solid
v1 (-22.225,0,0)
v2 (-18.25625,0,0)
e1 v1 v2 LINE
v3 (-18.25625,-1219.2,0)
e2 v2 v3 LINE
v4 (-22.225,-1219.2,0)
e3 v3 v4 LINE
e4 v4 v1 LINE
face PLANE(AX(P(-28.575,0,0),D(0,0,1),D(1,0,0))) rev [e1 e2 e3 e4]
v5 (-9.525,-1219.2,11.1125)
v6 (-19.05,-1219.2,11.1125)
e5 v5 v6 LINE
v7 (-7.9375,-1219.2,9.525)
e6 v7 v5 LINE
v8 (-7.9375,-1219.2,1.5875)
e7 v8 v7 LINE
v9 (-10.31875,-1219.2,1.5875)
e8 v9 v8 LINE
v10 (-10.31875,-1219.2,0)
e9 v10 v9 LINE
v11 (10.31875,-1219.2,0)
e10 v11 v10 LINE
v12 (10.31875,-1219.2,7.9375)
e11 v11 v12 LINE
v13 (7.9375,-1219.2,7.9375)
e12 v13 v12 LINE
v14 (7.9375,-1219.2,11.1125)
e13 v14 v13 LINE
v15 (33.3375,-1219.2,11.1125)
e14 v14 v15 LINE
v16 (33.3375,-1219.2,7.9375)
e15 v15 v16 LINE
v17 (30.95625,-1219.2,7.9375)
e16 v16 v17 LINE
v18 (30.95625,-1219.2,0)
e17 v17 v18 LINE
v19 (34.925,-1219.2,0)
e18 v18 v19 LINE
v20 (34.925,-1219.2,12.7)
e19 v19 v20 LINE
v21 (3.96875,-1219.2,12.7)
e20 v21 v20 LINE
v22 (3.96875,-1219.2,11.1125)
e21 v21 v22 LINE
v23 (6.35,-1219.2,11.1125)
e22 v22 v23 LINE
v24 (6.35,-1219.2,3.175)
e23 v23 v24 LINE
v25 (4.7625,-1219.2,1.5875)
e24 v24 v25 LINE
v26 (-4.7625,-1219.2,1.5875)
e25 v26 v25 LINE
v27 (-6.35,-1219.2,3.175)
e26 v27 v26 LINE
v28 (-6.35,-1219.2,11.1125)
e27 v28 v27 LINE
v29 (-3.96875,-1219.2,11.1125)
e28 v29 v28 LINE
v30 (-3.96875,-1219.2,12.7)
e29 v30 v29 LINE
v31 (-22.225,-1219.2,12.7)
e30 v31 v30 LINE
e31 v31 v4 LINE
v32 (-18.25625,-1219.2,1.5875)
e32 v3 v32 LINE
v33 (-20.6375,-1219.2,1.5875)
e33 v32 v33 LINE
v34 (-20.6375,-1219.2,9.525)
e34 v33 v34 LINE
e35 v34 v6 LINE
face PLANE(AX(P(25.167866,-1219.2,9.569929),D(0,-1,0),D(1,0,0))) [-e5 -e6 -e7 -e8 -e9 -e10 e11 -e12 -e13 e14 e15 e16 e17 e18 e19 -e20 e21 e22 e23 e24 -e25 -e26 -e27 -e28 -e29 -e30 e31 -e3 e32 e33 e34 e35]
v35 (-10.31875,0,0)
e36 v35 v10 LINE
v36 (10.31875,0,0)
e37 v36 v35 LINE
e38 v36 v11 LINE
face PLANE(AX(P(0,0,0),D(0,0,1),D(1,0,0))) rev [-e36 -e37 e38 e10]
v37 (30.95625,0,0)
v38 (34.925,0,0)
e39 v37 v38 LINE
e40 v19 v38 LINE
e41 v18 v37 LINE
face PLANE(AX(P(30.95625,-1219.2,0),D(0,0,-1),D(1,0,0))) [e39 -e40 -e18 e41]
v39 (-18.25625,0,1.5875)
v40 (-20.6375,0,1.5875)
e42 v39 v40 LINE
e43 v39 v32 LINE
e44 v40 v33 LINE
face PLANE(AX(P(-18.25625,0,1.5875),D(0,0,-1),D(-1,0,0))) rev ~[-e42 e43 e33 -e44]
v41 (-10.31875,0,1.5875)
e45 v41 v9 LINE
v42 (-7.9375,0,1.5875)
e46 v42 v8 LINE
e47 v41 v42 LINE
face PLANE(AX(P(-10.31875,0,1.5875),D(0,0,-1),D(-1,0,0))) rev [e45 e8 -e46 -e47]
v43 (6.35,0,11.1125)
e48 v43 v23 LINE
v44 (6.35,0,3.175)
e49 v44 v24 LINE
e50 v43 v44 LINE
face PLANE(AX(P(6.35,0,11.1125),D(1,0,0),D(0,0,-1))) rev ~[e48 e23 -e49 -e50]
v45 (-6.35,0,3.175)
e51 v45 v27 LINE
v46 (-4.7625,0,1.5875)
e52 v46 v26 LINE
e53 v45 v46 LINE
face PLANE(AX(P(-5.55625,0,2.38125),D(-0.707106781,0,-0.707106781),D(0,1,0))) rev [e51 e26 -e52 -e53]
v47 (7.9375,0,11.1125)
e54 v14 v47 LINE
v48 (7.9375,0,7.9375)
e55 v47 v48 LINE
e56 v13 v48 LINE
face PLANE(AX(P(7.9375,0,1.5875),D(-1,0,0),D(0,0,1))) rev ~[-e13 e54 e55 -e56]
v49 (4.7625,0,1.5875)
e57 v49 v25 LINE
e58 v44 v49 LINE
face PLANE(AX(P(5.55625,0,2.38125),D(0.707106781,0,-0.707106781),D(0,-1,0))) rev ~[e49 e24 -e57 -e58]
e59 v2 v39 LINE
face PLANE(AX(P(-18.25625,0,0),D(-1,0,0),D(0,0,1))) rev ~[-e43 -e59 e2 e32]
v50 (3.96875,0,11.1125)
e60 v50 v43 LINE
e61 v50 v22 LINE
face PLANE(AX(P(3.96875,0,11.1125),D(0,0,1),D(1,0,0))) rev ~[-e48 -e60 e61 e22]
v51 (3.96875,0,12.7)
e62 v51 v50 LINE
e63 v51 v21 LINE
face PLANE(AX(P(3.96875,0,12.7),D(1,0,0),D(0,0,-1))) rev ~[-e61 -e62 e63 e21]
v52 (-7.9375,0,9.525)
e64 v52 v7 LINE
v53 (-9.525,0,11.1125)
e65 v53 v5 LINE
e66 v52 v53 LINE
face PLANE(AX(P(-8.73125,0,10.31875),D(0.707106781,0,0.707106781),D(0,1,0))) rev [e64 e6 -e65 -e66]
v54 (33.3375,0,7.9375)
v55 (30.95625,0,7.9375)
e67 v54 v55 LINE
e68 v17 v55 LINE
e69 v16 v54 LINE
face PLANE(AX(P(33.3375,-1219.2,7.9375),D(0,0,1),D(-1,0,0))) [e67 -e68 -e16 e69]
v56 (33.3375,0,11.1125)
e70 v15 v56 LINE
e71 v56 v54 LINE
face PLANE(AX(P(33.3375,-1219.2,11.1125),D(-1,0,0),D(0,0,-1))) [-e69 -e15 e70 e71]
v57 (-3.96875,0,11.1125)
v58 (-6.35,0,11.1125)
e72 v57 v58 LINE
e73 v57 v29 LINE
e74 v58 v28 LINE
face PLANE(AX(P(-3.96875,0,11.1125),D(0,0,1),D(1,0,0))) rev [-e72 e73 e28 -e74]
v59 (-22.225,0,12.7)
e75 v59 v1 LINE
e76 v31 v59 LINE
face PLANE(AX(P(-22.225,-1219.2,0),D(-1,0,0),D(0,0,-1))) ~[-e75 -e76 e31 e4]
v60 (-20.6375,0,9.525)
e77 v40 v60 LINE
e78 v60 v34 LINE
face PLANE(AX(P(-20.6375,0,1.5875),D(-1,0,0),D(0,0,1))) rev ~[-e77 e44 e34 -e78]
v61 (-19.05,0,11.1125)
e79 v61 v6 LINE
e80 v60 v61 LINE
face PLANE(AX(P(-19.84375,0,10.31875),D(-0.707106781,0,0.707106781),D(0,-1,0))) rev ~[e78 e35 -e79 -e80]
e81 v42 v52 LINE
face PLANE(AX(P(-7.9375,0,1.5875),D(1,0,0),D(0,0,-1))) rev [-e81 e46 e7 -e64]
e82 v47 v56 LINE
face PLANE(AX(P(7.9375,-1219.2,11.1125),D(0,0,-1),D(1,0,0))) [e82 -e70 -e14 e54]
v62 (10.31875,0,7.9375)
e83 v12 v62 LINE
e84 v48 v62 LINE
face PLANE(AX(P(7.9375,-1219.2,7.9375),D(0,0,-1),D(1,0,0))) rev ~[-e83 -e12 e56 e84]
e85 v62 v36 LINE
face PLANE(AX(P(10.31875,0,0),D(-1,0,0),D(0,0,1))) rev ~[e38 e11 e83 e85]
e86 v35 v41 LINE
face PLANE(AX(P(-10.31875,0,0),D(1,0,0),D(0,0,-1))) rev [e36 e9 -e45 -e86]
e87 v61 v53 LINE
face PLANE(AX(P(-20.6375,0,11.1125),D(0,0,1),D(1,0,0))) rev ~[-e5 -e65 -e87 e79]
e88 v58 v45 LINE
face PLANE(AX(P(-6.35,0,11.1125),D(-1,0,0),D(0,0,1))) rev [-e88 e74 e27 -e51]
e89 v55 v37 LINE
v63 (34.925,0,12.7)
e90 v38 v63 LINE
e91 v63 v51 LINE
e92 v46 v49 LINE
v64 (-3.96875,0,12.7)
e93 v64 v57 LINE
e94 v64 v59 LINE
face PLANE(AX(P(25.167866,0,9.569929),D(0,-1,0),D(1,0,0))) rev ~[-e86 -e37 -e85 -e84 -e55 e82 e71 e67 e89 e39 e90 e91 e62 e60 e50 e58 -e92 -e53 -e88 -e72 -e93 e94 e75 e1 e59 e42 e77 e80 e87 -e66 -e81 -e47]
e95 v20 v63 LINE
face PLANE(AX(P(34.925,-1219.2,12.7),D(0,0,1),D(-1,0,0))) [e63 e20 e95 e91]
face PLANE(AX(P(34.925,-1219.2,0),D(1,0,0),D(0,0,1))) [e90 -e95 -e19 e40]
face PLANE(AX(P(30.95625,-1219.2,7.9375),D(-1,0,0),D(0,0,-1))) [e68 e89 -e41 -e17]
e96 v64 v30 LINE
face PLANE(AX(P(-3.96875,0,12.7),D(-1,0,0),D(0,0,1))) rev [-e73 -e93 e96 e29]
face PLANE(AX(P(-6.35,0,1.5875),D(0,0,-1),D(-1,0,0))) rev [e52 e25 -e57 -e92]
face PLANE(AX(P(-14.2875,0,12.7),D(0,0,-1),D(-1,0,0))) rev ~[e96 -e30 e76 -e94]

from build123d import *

# Parameters (mm, degrees)
F1_DEPTH  = 1219.2
F2_SIZE   = 1.5875
F5_W      = 34.925
F5_H      = 12.7
F6_DEPTH  = 1219.201
F9_DEPTH  = 1219.201
F10_W     = 2.38125
F10_H     = 6.35
F11_DEPTH = 1219.2


with BuildPart() as f1:
    # F0 (on Front) → F1 (new body)
    with BuildSketch(Plane.XZ):
        Polygon((0, 1.5875), (0, 0), (10.31875, 0), (10.31875, 1.5875), (7.9375, 1.5875), (7.9375, 11.1125), (14.2875, 11.1125), (14.2875, 12.7), (3.96875, 12.7), (3.96875, 11.1125), (6.35, 11.1125), (6.35, 1.5875), align=None)
    extrude(amount=F1_DEPTH)

    # F2
    f2_edges = [f1.edges().sort_by_distance(p)[0] for p in [
        (6.35, -609.6, 1.5875),
        (7.9375, -609.6, 11.1125),
    ]]
    chamfer(f2_edges, length=F2_SIZE)

    # F3: F1 across face


with BuildPart() as f1_1:
    add(f1.part)
    add(f1.part.mirror(Plane(origin=(14.2875, -609.6, 11.90625), x_dir=(0, 1, 0), z_dir=(1, 0, 0))))

    # F4: F1 across face


with BuildPart() as f1_2:
    add(f1_1.part)
    add(f1_1.part.mirror(Plane(origin=(28.575, -609.6, 0.79375), x_dir=(0, 1, 0), z_dir=(1, 0, 0))))

    # F5 (on face) → F6 (cut, through all)
    with BuildSketch(Plane.XZ.offset(1219.2)):
        with Locations((39.6875, 6.35)):
            Rectangle(F5_W, F5_H)
    extrude(amount=-F6_DEPTH, mode=Mode.SUBTRACT)

    # F7: F1 across face


with BuildPart() as f1_3:
    add(f1_2.part)
    add(f1_2.part.mirror(Plane(origin=(0, -609.6, 0.79375), x_dir=(0, -1, 0), z_dir=(-1, 0, 0))))

    # F8 (on face) → F9 (cut, through all)
    with BuildSketch(Plane.XZ.offset(1219.2)):
        Polygon((7.9375, 12.7), (7.9375, 9.525), (9.525, 11.1125), (19.05, 11.1125), (20.6375, 9.525), (20.6375, 1.5875), (18.25625, 1.5875), (18.25625, 0), (22.225, 0), (22.225, 12.7), align=None)
    extrude(amount=-F9_DEPTH, mode=Mode.SUBTRACT)

    # F10 (on face) → F11 (join, through all)
    with BuildSketch(Plane.XZ.offset(1219.2)):
        Polygon((34.925, 12.7), (7.9375, 12.7), (7.9375, 11.1125), (33.3375, 11.1125), (33.3375, 7.9375), (30.95625, 7.9375), (30.95625, 0), (34.925, 0), align=None)
        with Locations((9.128125, 4.7625)):
            Rectangle(F10_W, F10_H)
    extrude(amount=-F11_DEPTH)


solid = f1_3.part
